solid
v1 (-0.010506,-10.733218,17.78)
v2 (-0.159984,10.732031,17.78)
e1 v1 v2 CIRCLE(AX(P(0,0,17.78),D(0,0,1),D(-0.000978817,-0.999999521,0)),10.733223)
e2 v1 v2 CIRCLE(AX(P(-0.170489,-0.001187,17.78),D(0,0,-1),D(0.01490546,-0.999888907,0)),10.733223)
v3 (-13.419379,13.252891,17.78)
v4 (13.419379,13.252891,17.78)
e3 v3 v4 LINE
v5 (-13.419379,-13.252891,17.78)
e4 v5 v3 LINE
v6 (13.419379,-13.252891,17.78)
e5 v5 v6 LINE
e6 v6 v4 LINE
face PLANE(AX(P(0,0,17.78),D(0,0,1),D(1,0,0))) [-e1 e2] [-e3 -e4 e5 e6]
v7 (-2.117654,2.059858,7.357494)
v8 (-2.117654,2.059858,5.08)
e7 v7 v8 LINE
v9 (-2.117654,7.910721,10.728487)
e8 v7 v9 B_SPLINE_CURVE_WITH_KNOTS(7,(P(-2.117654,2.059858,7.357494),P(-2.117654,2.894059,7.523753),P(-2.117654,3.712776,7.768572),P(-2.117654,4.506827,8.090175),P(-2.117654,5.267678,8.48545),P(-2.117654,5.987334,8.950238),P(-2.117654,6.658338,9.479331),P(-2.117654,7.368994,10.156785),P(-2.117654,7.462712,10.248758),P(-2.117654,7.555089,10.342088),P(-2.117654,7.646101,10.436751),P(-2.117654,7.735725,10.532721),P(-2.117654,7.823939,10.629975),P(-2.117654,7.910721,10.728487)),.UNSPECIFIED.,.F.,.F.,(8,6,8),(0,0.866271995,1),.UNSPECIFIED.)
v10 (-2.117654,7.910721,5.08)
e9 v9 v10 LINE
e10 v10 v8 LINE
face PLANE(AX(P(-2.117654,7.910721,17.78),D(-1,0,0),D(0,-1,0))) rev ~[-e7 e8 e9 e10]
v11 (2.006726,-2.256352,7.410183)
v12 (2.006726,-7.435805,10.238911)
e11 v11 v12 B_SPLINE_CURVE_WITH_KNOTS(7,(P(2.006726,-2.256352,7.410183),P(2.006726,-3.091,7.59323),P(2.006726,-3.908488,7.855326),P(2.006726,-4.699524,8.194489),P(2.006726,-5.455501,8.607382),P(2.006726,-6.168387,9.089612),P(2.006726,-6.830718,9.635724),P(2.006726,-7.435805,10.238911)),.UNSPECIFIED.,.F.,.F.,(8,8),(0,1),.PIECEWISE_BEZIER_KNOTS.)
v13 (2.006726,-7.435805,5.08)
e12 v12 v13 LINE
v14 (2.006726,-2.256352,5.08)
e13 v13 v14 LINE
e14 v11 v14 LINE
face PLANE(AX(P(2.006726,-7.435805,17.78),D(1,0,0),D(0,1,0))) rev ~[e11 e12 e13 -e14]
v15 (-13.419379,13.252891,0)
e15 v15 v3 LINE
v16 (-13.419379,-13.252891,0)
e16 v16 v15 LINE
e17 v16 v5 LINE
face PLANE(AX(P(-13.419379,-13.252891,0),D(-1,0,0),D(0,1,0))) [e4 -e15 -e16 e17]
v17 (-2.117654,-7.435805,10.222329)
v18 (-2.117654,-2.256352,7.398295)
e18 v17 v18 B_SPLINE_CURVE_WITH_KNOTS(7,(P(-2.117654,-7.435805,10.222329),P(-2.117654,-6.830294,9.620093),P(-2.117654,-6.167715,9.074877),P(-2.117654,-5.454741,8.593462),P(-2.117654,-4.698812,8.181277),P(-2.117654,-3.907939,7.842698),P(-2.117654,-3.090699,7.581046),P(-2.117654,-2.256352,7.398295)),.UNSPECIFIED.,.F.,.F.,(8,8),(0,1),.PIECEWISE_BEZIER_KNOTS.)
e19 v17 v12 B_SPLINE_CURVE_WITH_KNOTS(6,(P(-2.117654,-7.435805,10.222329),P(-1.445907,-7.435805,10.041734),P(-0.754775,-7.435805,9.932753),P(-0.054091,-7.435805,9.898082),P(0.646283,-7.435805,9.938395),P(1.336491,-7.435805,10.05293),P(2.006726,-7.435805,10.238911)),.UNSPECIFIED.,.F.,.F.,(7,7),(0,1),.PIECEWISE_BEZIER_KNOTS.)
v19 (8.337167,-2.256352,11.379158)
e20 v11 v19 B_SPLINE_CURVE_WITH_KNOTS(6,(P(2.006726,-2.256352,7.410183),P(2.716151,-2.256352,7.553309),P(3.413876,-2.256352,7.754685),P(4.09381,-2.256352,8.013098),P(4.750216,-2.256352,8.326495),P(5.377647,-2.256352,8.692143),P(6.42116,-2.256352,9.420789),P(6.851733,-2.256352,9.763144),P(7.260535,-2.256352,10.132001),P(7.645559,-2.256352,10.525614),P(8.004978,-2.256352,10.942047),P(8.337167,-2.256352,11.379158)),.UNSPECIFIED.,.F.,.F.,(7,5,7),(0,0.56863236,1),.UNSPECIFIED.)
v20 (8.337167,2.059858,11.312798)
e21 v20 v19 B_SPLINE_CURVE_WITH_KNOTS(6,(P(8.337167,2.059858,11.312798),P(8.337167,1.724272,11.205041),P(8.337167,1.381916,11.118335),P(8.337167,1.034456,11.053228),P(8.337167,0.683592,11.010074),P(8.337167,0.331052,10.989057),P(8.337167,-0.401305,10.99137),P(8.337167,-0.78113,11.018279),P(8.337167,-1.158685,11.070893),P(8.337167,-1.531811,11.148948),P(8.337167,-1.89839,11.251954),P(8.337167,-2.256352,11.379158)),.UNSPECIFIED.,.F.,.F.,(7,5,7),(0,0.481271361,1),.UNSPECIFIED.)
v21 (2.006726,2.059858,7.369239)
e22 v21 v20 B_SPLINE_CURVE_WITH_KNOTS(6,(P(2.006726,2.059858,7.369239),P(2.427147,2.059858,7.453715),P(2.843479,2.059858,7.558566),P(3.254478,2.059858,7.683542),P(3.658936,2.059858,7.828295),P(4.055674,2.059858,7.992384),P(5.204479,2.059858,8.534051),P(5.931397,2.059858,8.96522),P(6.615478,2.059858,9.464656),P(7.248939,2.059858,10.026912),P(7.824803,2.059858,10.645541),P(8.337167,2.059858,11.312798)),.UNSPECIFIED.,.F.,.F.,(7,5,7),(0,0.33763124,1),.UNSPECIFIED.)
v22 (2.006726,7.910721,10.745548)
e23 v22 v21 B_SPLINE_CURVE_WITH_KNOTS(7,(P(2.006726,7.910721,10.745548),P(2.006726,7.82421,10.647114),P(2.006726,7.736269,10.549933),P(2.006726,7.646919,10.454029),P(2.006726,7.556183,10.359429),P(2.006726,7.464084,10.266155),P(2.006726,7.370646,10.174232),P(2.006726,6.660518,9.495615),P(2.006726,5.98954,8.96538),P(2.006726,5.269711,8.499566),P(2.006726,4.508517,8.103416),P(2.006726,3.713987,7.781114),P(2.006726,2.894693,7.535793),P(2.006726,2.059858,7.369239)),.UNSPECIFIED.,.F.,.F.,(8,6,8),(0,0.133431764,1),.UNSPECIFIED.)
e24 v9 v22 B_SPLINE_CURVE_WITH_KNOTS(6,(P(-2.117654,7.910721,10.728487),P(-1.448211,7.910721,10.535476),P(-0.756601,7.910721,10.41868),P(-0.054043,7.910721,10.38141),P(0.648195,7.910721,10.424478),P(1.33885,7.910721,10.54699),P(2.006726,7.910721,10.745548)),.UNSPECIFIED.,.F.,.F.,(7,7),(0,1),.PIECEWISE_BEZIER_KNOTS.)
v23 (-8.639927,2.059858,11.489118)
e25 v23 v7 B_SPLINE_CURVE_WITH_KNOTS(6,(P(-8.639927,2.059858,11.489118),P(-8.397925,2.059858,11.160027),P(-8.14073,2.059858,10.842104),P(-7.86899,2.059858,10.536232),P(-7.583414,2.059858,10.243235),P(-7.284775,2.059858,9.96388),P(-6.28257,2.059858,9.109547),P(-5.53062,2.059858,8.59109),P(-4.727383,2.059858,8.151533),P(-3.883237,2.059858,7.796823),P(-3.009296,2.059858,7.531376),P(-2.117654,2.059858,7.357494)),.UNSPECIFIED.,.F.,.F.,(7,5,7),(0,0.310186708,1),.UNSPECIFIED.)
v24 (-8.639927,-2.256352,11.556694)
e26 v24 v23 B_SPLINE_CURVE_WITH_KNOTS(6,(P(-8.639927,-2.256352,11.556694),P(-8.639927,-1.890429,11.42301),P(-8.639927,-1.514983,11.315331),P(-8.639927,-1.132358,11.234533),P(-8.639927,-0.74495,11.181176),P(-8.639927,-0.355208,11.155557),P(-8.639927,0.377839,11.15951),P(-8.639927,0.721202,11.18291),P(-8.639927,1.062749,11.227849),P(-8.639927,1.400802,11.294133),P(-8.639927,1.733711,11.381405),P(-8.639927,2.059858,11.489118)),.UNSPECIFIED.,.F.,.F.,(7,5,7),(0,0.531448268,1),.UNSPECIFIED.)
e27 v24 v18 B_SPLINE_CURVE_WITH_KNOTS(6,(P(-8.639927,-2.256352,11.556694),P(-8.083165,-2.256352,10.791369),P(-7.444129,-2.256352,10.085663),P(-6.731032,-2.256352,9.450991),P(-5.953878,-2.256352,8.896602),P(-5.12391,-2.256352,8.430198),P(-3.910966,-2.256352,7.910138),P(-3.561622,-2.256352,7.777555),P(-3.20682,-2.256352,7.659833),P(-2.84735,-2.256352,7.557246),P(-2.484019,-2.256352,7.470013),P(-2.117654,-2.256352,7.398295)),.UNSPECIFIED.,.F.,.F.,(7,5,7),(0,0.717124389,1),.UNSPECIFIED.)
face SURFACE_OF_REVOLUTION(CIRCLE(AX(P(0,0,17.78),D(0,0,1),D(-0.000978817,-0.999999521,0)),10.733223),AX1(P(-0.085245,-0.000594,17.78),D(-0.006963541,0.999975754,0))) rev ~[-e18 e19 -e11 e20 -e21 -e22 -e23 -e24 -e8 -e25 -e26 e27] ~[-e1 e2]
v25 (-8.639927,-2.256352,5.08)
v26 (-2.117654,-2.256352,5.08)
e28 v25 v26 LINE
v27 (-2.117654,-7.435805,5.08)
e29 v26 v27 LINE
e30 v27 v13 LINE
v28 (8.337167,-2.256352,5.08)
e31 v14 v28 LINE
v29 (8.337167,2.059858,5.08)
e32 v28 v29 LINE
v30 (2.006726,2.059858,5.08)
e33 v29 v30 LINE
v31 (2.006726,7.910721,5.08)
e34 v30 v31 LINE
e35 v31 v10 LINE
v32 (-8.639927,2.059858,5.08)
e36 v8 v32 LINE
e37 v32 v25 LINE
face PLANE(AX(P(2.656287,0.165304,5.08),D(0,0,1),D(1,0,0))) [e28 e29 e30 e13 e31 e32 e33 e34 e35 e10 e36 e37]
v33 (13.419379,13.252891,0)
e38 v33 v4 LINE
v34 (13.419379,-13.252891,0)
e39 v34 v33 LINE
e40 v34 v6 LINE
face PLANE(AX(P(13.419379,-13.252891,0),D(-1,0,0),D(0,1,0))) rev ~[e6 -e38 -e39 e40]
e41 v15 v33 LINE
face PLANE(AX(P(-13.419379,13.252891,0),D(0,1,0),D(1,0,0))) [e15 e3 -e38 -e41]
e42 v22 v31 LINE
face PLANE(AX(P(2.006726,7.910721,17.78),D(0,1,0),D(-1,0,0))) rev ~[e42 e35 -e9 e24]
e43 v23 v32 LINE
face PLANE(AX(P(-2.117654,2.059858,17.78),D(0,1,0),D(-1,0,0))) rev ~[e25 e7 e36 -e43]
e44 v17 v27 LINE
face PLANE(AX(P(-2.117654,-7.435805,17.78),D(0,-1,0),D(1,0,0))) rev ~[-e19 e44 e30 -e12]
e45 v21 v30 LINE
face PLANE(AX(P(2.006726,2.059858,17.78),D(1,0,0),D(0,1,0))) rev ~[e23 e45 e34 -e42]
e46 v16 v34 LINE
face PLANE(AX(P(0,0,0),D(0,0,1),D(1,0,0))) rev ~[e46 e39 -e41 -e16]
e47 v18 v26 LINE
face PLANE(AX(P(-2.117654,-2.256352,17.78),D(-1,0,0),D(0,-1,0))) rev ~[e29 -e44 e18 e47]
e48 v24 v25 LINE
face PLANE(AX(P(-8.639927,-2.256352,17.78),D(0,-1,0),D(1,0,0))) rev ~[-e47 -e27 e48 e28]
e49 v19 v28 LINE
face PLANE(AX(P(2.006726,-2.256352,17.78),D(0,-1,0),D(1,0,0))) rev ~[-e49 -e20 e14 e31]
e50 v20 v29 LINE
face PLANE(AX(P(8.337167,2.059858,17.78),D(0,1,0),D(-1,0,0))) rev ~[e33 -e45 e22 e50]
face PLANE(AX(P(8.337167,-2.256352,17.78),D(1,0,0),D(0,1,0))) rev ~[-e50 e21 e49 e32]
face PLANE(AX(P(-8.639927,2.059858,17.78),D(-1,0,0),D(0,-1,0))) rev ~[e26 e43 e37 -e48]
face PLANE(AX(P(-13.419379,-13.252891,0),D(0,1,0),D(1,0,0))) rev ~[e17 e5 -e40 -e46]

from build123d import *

# Parameters (mm, degrees)
F0_W     = 26.8387589604
F0_H     = 26.5057813376
F1_DEPTH = 17.78
F3_ANGLE = 180
F5_DEPTH = 12.7


with BuildPart() as f1:
    # F0 (on Top) → F1 (new body)
    with BuildSketch(Plane.XY):
        Rectangle(F0_W, F0_H)
    extrude(amount=F1_DEPTH)

    # F2 (on face) → F3 (revolve, cut)
    with BuildSketch(Plane.XY.offset(17.78)):
        with BuildLine():
            Line((-0.1599836294, 10.7320307857), (-0.010505857, -10.7332180251))
            ThreePointArc((-0.010505857, -10.7332180251), (10.7329629317, 0.0747412436), (-0.1599836294, 10.7320307857))
        make_face()
    revolve(axis=Axis((-0.0852447432, -0.0005936197, 17.78), (-0.0069635414, 0.9999757543, 0)), revolution_arc=F3_ANGLE, mode=Mode.SUBTRACT)

    # F4 (on face) → F5 (cut)
    with BuildSketch(Plane.XY.offset(17.78)):
        Polygon((2.006725641, 7.910721004), (-0.1403368457, 7.910721004), (-0.0334680846, -7.4358051643), (2.006725641, -7.4358051643), (2.006725641, -2.2563524544), (8.3371670917, -2.2563524544), (8.3371670917, 2.0598582923), (2.006725641, 2.0598582923), align=None)
        Polygon((-0.1403368457, 7.910721004), (-2.1176536102, 7.910721004), (-2.1176536102, 2.0598582923), (-8.6399270222, 2.0598582923), (-8.6399270222, -2.2563524544), (-2.1176536102, -2.2563524544), (-2.1176536102, -7.4358051643), (-0.0334680846, -7.4358051643), align=None)
    extrude(amount=-F5_DEPTH, mode=Mode.SUBTRACT)


solid = f1.part
